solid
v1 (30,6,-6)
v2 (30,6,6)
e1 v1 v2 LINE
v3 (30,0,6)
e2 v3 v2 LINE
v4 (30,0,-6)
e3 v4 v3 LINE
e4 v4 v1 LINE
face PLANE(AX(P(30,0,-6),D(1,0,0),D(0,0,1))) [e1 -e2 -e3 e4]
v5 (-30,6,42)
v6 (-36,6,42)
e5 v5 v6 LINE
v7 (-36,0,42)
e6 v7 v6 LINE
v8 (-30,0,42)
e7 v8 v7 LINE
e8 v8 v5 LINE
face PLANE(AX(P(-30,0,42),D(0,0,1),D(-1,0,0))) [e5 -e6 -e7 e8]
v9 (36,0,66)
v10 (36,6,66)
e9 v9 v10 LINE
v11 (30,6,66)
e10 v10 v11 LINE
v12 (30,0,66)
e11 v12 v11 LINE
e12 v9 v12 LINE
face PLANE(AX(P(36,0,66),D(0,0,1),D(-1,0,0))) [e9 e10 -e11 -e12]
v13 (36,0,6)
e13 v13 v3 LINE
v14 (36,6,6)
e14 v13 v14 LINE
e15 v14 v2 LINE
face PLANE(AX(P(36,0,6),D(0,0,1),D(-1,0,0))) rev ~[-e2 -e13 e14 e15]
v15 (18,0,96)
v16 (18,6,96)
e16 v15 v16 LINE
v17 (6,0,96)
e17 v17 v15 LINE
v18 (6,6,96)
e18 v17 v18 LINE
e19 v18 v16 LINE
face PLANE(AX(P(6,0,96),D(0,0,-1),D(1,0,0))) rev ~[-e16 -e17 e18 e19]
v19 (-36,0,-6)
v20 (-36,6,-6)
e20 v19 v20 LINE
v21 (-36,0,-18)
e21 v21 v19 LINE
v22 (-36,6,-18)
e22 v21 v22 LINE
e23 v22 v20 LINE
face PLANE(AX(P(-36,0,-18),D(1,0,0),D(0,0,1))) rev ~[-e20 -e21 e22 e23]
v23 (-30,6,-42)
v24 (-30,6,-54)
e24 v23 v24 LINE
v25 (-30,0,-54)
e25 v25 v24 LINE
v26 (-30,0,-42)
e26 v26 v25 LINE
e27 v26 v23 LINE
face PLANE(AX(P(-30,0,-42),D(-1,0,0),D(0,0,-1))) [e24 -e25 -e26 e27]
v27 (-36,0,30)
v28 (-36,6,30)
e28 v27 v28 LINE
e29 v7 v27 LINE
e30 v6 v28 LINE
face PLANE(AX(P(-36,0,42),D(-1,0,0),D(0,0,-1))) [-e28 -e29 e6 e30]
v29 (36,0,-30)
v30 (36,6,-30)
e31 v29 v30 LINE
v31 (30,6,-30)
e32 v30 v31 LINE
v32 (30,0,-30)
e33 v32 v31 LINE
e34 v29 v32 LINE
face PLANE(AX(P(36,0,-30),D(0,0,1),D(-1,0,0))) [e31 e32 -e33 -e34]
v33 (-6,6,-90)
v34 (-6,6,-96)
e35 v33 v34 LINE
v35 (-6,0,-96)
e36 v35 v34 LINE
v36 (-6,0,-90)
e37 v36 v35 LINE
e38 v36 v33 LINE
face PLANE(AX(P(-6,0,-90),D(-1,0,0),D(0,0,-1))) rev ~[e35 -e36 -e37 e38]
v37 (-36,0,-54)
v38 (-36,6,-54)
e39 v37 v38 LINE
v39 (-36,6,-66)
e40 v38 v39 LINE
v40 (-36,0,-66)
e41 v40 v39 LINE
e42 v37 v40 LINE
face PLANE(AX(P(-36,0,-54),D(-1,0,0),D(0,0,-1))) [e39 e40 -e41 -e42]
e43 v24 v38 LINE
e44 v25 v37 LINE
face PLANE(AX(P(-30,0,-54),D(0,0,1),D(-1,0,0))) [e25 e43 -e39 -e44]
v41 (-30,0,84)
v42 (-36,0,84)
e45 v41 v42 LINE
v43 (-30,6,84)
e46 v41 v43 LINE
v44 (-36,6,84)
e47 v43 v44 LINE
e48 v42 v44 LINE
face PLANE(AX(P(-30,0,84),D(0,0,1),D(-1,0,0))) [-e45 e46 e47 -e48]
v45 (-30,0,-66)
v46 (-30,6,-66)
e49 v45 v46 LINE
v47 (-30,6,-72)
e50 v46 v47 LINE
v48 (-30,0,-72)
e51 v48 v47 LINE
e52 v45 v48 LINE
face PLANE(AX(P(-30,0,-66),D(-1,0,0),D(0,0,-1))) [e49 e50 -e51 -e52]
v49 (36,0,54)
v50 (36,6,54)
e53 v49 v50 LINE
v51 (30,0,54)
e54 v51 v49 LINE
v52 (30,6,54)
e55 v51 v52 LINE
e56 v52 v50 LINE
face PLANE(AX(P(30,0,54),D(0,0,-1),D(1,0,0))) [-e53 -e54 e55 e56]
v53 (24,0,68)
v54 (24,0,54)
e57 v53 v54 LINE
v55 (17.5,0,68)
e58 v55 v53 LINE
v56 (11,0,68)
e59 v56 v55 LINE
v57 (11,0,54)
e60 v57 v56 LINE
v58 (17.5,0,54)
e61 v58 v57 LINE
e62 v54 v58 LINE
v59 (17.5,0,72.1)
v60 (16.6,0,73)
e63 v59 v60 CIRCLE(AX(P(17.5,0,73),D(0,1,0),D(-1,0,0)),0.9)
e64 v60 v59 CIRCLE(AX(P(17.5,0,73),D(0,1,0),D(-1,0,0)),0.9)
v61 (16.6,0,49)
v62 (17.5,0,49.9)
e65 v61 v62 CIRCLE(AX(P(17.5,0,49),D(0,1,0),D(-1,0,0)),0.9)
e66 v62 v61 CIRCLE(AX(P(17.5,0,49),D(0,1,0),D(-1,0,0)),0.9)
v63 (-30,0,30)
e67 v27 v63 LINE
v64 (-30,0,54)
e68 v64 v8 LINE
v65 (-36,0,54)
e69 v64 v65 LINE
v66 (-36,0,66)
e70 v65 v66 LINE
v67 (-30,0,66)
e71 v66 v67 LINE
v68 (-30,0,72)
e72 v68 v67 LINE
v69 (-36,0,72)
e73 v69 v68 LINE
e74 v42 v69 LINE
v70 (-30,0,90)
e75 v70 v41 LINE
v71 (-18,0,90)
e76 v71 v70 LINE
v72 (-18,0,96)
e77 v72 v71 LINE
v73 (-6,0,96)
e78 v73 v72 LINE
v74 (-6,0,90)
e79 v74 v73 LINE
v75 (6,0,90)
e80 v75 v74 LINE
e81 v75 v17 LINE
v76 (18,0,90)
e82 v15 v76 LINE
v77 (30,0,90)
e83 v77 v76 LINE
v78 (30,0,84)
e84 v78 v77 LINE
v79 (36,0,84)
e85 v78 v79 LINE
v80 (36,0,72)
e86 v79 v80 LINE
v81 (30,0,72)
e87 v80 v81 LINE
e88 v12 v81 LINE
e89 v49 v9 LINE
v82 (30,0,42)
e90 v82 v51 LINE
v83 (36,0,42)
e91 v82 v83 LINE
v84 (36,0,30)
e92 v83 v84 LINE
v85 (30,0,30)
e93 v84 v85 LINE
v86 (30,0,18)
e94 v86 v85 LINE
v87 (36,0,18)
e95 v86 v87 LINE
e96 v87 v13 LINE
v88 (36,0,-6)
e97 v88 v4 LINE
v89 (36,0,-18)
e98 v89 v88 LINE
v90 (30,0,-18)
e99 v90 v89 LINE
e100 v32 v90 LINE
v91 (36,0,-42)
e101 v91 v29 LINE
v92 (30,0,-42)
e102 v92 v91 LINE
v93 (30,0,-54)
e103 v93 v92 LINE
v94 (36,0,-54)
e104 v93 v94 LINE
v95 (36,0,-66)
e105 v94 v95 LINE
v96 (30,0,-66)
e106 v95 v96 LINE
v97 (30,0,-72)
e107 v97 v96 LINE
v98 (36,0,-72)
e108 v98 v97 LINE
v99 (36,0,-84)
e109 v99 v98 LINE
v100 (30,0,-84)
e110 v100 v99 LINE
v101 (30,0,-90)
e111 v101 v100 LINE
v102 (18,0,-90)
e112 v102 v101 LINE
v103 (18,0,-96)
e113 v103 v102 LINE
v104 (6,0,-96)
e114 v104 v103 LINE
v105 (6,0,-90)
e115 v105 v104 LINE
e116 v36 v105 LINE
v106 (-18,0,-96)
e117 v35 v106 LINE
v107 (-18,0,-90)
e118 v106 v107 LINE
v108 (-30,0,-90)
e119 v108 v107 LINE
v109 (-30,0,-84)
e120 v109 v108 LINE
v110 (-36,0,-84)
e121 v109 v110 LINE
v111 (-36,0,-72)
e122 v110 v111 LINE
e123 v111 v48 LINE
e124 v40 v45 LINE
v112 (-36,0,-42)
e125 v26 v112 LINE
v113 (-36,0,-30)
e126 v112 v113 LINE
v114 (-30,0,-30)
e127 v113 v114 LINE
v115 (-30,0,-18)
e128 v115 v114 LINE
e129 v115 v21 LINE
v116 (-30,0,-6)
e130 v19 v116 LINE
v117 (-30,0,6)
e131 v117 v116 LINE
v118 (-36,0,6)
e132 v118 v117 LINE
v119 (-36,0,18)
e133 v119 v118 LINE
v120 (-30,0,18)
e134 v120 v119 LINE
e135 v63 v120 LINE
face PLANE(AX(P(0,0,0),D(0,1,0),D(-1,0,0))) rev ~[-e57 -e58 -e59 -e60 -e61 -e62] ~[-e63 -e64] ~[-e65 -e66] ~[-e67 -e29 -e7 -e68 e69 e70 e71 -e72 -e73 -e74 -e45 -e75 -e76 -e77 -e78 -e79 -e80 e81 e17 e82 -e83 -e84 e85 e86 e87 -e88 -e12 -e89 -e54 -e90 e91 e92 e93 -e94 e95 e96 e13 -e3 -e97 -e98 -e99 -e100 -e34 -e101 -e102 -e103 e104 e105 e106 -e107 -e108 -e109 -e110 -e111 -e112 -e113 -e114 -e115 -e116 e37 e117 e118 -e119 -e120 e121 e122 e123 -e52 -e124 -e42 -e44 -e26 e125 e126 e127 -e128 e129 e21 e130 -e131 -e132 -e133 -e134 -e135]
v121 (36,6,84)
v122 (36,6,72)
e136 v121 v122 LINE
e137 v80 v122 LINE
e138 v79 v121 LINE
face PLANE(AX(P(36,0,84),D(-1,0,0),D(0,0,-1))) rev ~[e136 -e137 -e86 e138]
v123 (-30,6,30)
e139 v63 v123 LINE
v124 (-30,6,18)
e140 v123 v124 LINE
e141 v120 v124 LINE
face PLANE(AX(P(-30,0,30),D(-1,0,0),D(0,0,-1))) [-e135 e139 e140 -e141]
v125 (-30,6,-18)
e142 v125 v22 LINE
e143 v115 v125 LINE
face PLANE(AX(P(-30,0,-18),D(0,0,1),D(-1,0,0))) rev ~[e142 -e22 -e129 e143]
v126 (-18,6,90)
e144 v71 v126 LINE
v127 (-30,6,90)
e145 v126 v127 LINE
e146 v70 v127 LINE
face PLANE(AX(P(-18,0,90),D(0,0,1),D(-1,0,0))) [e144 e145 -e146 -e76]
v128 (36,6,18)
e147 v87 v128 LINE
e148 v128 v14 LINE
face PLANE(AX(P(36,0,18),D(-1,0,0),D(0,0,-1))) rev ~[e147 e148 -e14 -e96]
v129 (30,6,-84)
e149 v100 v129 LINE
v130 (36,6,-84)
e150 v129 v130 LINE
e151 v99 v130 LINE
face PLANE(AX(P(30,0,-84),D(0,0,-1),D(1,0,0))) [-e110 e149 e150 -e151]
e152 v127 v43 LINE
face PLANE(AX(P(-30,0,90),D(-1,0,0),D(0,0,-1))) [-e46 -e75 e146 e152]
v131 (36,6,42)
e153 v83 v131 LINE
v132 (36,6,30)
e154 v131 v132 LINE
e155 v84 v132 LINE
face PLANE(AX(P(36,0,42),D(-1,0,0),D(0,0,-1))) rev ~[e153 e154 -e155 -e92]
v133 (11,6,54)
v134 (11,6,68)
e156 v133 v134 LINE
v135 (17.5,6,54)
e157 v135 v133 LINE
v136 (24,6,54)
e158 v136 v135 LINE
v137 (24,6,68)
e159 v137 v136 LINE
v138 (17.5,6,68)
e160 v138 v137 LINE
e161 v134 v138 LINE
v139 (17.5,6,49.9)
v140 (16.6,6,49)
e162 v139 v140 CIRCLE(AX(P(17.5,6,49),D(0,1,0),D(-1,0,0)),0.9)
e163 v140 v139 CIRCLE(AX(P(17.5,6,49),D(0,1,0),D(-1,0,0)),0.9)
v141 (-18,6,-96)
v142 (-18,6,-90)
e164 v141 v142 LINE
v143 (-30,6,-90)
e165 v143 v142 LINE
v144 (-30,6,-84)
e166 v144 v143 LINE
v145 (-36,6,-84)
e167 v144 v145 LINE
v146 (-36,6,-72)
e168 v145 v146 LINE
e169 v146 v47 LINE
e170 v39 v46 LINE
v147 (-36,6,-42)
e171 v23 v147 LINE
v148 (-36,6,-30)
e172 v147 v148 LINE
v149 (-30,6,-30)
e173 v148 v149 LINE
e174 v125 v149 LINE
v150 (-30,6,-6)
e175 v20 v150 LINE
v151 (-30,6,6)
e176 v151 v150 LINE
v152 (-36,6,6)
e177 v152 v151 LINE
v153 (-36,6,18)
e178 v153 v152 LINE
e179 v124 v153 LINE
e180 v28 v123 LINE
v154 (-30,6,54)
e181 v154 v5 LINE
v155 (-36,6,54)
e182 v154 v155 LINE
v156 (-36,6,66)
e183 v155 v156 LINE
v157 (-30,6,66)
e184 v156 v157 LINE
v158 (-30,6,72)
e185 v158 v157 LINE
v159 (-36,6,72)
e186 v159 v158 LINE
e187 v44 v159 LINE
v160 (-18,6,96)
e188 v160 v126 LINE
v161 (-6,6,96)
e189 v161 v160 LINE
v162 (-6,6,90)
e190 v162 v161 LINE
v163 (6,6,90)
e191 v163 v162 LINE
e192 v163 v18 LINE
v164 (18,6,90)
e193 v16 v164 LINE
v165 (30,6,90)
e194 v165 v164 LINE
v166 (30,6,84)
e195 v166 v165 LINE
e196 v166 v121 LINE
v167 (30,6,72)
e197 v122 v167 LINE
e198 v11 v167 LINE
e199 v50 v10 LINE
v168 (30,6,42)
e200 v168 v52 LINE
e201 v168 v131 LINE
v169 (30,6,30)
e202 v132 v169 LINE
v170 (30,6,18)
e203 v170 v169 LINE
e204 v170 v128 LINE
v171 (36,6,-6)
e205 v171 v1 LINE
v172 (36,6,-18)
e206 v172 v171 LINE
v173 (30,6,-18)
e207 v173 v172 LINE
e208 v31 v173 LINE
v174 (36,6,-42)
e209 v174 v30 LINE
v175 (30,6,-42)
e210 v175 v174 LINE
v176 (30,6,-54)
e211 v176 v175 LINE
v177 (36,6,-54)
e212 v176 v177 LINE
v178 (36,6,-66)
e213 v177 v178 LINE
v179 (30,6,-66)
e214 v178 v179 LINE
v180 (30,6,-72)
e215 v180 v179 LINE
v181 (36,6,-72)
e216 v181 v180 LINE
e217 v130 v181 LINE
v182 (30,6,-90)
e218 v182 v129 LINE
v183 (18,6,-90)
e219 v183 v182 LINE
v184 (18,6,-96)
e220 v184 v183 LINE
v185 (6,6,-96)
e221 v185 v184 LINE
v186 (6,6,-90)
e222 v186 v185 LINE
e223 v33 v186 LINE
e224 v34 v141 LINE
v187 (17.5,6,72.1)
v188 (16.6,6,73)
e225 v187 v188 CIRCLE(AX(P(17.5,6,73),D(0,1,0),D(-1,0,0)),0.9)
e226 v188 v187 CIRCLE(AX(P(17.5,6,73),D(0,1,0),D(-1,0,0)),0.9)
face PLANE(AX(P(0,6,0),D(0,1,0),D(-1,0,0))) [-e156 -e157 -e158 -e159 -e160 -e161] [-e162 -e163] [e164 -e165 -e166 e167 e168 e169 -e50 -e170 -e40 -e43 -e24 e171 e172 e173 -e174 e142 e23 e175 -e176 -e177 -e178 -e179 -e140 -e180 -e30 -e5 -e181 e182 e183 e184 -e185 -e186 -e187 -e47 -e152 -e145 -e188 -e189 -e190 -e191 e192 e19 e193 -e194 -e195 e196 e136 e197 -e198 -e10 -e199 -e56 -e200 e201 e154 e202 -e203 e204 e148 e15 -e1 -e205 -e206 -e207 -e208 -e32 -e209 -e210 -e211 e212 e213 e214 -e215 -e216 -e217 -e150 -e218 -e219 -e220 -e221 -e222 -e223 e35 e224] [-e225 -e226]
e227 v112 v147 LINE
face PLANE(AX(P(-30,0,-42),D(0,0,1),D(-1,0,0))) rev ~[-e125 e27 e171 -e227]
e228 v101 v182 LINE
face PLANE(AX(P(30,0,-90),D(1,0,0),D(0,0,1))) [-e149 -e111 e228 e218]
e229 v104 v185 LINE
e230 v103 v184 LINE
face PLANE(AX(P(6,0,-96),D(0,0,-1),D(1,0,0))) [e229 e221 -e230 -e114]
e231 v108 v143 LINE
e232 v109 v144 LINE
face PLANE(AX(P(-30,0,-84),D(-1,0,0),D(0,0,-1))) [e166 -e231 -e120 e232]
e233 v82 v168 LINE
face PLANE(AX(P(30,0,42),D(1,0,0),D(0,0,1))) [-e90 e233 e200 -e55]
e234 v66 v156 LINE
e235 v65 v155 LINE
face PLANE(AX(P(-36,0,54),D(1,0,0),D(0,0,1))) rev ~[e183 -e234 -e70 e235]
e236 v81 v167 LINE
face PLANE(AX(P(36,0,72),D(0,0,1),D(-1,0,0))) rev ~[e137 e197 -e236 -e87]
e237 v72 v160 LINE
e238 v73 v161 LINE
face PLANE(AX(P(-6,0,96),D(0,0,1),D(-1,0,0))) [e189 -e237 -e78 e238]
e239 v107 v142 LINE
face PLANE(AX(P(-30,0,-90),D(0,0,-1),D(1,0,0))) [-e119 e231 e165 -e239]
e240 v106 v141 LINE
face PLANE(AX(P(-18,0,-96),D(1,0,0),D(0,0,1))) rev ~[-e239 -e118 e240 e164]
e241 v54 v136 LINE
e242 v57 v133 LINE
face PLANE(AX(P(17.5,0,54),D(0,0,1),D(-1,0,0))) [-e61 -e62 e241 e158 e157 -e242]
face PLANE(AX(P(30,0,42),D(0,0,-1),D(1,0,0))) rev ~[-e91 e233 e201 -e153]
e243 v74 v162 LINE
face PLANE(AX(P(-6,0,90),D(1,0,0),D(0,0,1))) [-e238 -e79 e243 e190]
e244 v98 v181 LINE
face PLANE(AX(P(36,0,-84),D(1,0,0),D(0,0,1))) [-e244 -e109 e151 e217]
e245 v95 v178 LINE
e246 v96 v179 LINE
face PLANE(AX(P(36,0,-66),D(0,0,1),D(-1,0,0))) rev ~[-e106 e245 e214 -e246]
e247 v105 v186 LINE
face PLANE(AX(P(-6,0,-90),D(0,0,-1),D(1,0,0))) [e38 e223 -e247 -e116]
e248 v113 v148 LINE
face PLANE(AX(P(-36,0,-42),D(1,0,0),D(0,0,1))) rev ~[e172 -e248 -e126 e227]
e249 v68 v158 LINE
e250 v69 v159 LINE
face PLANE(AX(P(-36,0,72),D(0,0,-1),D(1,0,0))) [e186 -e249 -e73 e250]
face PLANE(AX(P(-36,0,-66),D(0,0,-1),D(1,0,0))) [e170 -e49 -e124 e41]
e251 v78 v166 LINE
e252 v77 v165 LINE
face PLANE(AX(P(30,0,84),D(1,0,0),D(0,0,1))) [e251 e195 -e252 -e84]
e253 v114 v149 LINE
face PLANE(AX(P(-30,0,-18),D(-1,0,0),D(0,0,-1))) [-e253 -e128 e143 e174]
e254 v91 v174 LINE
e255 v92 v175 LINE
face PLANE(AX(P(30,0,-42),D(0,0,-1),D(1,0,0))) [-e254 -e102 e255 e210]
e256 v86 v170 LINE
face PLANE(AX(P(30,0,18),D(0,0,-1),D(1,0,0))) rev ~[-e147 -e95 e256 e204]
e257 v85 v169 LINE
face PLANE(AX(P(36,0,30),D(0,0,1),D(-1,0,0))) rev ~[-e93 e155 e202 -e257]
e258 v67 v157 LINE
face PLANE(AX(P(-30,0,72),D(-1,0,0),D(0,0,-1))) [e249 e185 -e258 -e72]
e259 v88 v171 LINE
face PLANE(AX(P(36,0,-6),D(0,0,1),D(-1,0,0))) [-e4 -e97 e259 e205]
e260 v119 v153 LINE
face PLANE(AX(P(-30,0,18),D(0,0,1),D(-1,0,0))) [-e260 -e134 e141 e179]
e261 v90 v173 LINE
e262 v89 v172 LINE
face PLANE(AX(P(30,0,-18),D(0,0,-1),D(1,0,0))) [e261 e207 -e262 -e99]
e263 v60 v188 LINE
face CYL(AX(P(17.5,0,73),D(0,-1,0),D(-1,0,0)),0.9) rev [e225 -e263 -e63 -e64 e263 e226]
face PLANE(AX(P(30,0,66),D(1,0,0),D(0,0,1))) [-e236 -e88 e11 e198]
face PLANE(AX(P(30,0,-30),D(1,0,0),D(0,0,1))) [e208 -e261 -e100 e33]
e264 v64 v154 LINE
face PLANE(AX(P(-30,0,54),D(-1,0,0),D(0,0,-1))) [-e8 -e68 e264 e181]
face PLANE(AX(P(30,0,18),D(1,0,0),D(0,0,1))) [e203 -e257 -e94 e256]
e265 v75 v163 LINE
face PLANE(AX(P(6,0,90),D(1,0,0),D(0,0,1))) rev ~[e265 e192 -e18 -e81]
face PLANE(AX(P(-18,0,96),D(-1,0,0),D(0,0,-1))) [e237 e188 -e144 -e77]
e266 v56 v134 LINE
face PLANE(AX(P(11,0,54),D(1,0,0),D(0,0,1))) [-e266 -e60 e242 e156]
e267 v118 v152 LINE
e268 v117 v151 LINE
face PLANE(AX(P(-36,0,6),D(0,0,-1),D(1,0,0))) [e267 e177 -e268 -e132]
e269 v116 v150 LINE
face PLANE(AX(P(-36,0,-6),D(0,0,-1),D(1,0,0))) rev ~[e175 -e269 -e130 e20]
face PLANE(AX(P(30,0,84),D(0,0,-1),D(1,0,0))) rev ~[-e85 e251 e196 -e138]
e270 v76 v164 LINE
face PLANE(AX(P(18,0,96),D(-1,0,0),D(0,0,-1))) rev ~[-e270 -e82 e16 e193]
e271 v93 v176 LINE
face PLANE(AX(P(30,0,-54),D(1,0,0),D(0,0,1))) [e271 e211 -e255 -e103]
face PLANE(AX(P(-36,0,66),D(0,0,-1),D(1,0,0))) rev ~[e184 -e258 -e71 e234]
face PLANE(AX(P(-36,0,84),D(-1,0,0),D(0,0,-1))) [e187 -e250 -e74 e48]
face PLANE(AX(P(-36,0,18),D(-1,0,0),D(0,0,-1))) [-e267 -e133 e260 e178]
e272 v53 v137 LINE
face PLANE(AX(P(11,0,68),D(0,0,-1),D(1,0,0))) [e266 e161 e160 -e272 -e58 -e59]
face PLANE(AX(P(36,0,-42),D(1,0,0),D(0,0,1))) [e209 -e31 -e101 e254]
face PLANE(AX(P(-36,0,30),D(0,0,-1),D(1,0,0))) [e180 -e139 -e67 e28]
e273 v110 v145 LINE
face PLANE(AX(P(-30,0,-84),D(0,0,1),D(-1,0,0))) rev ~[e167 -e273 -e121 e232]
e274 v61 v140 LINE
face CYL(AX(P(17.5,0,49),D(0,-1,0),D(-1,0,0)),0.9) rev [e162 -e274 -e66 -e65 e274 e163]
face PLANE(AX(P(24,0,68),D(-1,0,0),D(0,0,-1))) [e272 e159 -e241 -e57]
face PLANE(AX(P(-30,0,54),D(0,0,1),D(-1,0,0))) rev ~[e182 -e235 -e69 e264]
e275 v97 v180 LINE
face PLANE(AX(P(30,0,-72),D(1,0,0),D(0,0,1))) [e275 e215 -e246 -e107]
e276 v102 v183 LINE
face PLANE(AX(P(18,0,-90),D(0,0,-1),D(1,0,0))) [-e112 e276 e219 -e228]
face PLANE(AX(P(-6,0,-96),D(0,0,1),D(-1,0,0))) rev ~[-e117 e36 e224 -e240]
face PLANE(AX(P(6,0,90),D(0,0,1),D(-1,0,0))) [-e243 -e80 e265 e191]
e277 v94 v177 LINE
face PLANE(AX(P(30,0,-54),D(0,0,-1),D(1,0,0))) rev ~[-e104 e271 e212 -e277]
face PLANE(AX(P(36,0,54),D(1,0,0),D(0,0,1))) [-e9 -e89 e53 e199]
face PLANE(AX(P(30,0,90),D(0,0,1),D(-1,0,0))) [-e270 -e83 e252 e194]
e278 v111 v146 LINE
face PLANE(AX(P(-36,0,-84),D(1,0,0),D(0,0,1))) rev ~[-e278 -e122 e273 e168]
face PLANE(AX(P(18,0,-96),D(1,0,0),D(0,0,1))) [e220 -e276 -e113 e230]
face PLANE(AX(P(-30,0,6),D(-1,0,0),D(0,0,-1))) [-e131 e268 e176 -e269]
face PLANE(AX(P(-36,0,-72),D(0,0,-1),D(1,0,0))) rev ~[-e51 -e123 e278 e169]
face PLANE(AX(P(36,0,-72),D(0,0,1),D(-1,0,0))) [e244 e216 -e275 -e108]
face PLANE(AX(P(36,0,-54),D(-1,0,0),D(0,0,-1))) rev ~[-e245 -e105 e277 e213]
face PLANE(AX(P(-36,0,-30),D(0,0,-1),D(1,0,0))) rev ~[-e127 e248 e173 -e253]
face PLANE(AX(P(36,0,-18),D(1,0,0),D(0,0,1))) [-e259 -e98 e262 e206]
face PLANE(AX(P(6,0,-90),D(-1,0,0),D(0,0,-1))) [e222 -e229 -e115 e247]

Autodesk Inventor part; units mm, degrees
ref_plane "YZ Plane" through (0, 0, 0) normal (1, 0, 0) x (0, 1, 0)
ref_plane "XZ Plane" through (0, 0, 0) normal (0, 1, 0) x (-1, 0, 0)
ref_plane "XY Plane" through (0, 0, 0) normal (0, 0, 1) x (1, 0, 0)
sketch "Sketch1" plane through (0, 0, 0) normal (0, 1, 0) x (-1, 0, 0)
  line L0 (-30, 90) -> (30, 90)
  line L1 (30, 90) -> (30, -90)
  line L2 (30, -90) -> (-30, -90)
  line L3 (-30, -90) -> (-30, 90)
  line L4 (-30, 90) -> (30, -90) construction
  line L5 (30, 90) -> (-30, -90) construction
  line L6 (-30, 84) -> (-36, 84)
  line L7 (-36, 84) -> (-36, 72)
  line L8 (-36, 72) -> (-30, 72)
  line L9 (-30, 72) -> (-30, 84)
  line L10 (-36, 66) -> (-30, 66)
  line L11 (-30, 66) -> (-30, 54)
  line L12 (-30, 54) -> (-36, 54)
  line L13 (-36, 54) -> (-36, 66)
  line L14 (-30, 42) -> (-36, 42)
  line L15 (-36, 42) -> (-36, 30)
  line L16 (-36, 30) -> (-30, 30)
  line L17 (-30, 30) -> (-30, 42)
  line L18 (-30, 18) -> (-36, 18)
  line L19 (-36, 18) -> (-36, 6)
  line L20 (-36, 6) -> (-30, 6)
  line L21 (-30, 6) -> (-30, 18)
  line L22 (0, 0) -> (-5.6352, 0)
  line L23 (-5.6352, 0) -> (0, 0)
  line L24 (0, 0) -> (0, 8.7024)
  line L25 (-30, 90) -> (30, -90) construction
  line L26 (30, 84) -> (36, 84)
  line L27 (36, 84) -> (36, 72)
  line L28 (36, 72) -> (30, 72)
  line L29 (30, 72) -> (30, 84)
  line L30 (36, 66) -> (30, 66)
  line L31 (30, 66) -> (30, 54)
  line L32 (30, 54) -> (36, 54)
  line L33 (36, 54) -> (36, 66)
  line L34 (30, 42) -> (36, 42)
  line L35 (36, 42) -> (36, 30)
  line L36 (36, 30) -> (30, 30)
  line L37 (30, 30) -> (30, 42)
  line L38 (30, 18) -> (36, 18)
  line L39 (36, 18) -> (36, 6)
  line L40 (36, 6) -> (30, 6)
  line L41 (30, 6) -> (30, 18)
  line L42 (-30, -84) -> (-36, -84)
  line L43 (-36, -84) -> (-36, -72)
  line L44 (-36, -72) -> (-30, -72)
  line L45 (-30, -72) -> (-30, -84)
  line L46 (-36, -66) -> (-30, -66)
  line L47 (-30, -66) -> (-30, -54)
  line L48 (-30, -54) -> (-36, -54)
  line L49 (-36, -54) -> (-36, -66)
  line L50 (-30, -42) -> (-36, -42)
  line L51 (-36, -42) -> (-36, -30)
  line L52 (-36, -30) -> (-30, -30)
  line L53 (-30, -30) -> (-30, -42)
  line L54 (-30, -18) -> (-36, -18)
  line L55 (-36, -18) -> (-36, -6)
  line L56 (-36, -6) -> (-30, -6)
  line L57 (-30, -6) -> (-30, -18)
  line L58 (36, -42) -> (36, -30)
  line L59 (30, -30) -> (30, -42)
  line L60 (30, -6) -> (30, -18)
  line L61 (36, -6) -> (30, -6)
  line L62 (36, -18) -> (36, -6)
  line L63 (30, -18) -> (36, -18)
  line L64 (36, -30) -> (30, -30)
  line L65 (30, -84) -> (36, -84)
  line L66 (36, -84) -> (36, -72)
  line L67 (36, -72) -> (30, -72)
  line L68 (30, -72) -> (30, -84)
  line L69 (30, -42) -> (36, -42)
  line L70 (30, -54) -> (36, -54)
  line L71 (30, -66) -> (30, -54)
  line L72 (36, -66) -> (30, -66)
  line L73 (36, -54) -> (36, -66)
  line L74 (18, 90) -> (6, 90)
  line L75 (6, 90) -> (6, 96)
  line L76 (6, 96) -> (18, 96)
  line L77 (18, 96) -> (18, 90)
  line L78 (-18, 90) -> (-6, 90)
  line L79 (-6, 90) -> (-6, 96)
  line L80 (-6, 96) -> (-18, 96)
  line L81 (-18, 96) -> (-18, 90)
  line L82 (18, -90) -> (6, -90)
  line L83 (6, -90) -> (6, -96)
  line L84 (6, -96) -> (18, -96)
  line L85 (18, -96) -> (18, -90)
  line L86 (-18, -90) -> (-6, -90)
  line L87 (-6, -90) -> (-6, -96)
  line L88 (-6, -96) -> (-18, -96)
  line L89 (-18, -96) -> (-18, -90)
  line L90 (-11, 68) -> (-24, 68)
  line L91 (-24, 68) -> (-24, 54)
  line L92 (-24, 54) -> (-11, 54)
  line L93 (-11, 54) -> (-11, 68)
  circle A0 centre (-17.5, 49) radius 0.9
  circle A1 centre (-17.5, 73) radius 0.9
  line L94 (-17.5, 73) -> (-17.5, 49)
  point P0 (0, -8.7024)
  dimension "d0" = 60
  dimension "d1" = 180
  dimension "d2" = 6
  dimension "d3" = 6
  dimension "d4" = 12
  dimension "d5" = 12
  dimension "d6" = 12
  dimension "d7" = 12
  dimension "d8" = 12
  dimension "d9" = 6
  dimension "d10" = 12
  dimension "d17" = 6
  dimension "d19" = 6
  dimension "d20" = 12
  dimension "d24" = 6
  dimension "d25" = 13
  dimension "d26" = 14
  dimension "d27" = 22
  dimension "d28" = 1.8
  dimension "d30" = 5
  dimension "d31" = 5
extrude "Extrusion1" add sketch "Sketch1" along normal blind 6
properties part number "case_front" material "Acrylic, Clear"
